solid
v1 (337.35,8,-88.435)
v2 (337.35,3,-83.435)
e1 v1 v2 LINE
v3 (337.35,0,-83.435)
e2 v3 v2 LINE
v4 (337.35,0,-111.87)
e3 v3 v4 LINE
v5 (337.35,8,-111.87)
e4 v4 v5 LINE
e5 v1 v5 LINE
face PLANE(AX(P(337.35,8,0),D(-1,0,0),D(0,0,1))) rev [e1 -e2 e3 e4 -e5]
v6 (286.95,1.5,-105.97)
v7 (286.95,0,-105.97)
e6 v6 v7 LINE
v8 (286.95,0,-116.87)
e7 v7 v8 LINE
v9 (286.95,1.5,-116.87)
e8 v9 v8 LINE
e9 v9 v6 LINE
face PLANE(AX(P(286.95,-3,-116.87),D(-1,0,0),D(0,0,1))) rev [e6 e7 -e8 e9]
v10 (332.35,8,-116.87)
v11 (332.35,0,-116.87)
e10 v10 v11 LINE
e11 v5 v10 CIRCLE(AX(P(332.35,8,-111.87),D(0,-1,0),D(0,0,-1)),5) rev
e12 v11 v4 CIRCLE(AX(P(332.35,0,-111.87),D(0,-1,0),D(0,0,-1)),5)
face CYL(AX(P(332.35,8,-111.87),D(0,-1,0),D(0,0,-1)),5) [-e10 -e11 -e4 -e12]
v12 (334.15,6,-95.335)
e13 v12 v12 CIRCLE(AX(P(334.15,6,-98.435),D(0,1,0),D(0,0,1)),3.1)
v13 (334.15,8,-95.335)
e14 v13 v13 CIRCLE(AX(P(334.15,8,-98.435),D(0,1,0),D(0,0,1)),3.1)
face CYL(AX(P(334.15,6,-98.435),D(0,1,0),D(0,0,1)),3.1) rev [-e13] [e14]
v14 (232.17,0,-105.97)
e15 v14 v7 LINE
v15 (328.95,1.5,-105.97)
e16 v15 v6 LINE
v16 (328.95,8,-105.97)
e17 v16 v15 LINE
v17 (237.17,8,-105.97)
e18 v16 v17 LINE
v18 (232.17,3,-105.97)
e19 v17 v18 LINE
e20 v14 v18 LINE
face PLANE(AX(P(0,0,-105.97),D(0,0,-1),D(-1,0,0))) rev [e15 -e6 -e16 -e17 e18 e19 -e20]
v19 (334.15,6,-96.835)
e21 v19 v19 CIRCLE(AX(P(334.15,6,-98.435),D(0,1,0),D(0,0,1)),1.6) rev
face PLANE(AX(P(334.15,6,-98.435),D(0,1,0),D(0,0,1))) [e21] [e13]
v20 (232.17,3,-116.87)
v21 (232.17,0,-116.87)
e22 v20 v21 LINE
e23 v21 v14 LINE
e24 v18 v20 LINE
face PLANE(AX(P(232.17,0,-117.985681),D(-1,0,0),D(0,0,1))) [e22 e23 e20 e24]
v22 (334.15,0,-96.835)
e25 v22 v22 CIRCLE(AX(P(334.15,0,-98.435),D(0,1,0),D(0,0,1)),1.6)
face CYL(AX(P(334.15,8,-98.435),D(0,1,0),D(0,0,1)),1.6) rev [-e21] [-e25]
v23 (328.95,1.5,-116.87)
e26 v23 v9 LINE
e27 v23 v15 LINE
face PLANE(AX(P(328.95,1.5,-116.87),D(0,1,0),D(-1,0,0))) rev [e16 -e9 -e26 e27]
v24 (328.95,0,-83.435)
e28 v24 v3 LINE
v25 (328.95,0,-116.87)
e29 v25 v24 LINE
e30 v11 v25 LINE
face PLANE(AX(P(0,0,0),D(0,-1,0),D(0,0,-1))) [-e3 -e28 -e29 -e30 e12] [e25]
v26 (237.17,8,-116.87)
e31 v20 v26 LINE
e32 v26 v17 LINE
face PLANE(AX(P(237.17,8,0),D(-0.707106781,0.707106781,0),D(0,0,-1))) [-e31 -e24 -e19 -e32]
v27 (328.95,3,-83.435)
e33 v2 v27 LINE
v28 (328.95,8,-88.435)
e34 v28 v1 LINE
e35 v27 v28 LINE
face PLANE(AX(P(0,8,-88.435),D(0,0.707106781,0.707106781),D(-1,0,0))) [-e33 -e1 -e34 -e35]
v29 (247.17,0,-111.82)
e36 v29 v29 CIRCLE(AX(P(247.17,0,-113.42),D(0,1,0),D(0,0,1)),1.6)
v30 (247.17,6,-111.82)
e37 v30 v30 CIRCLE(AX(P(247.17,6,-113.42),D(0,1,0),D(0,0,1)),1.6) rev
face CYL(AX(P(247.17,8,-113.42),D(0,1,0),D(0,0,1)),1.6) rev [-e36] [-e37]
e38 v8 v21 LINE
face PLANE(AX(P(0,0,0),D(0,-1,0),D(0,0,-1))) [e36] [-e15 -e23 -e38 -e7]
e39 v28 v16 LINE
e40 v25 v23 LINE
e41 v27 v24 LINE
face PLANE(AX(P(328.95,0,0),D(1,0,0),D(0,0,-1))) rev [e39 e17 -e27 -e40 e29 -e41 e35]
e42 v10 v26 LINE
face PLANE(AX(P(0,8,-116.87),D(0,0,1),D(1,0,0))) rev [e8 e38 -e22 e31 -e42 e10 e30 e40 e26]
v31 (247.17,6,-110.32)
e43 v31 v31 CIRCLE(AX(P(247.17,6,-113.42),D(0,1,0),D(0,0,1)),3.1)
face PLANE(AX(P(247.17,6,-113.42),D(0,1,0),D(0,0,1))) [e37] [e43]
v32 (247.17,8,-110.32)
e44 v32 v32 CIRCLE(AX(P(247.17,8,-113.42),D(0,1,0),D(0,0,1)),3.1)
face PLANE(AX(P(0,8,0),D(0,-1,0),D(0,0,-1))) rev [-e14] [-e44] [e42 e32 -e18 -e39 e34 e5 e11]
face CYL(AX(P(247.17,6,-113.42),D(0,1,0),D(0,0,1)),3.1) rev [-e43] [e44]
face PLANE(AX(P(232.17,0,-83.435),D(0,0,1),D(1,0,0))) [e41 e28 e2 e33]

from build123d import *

# Parameters (mm, degrees)
SKETCH_1_W              = 337.35
SKETCH_1_H              = 116.87
SKETCH_1_W_2            = 324.05
SKETCH_1_H_2            = 103.07
EXTRUDE_1_DEPTH         = 8
FILLET_1_R              = 5
HOLE_WIZARD_3_2_3_2_1_D = 3.2
SKETCH_5_W              = 32
SKETCH_5_H              = 1.5
CUT_EXTRUDE_1_DEPTH     = 355.911853
EXTRUDE_2_REACH         = 356.912
SKETCH_6_W              = 3
SKETCH_6_H              = 8
SKETCH_7_W              = 257.05
SKETCH_7_H              = 8
EXTRUDE_3_DEPTH         = 4
SKETCH_8_W              = 257.05
SKETCH_8_H              = 4
EXTRUDE_4_DEPTH         = 3
SKETCH_11_W             = 99.07
SKETCH_11_H             = 11
EXTRUDE_5_DEPTH         = 2
SKETCH_13_W             = 42
SKETCH_13_H             = 4.5
CUT_EXTRUDE_2_DEPTH     = 354.692894189
SKETCH_14_W             = 121.5
SKETCH_14_H             = 1.5
CUT_EXTRUDE_3_DEPTH     = 355.911853
SKETCH_16_W             = 32
SKETCH_16_H             = 6.5
EXTRUDE_7_DEPTH         = 4
SKETCH_17_W             = 103.07
SKETCH_17_H             = 3
CUT_EXTRUDE_4_DEPTH     = 0.1
EXTRUDE_8_DEPTH         = 2
SKETCH_19_W             = 70.55
SKETCH_19_H             = 2
SKETCH_19_W_2           = 95
EXTRUDE_9_DEPTH         = 3
SKETCH_20_R             = 3.5
CUT_EXTRUDE_5_DEPTH     = 4
SKETCH_21_R             = 3.1
CUT_EXTRUDE_6_DEPTH     = 2
EXTRUDE_10_DEPTH        = 2
EXTRUDE_10_DEPTH_BACK   = 3
SKETCH_22_W             = 6
SKETCH_22_H             = 6
SKETCH_22_R             = 1.5
SKETCH_23_W             = 10
SKETCH_23_H             = 1.5
SKETCH_23_W_2           = 15
CUT_EXTRUDE_7_DEPTH     = 6.9
SKETCH_24_W             = 103.07
SKETCH_24_H             = 3
CUT_EXTRUDE_8_DEPTH     = 358.110094229
SKETCH_25_W             = 466.496248886
SKETCH_25_H             = 203.631856069
SKETCH_25_W_2           = 113.515173444
SKETCH_25_H_2           = 34.550681359
CUT_EXTRUDE_9_DEPTH     = 358.110094229
CHAMFER_1_SIZE          = 5


with BuildPart() as part:
    # 草图1 → 凸台-拉伸1 (new body)
    with BuildSketch(Plane(origin=(0, 0, 0), x_dir=(1, 0, 0), z_dir=(0, 1, 0))):
        with Locations((168.675, 58.435)):
            Rectangle(SKETCH_1_W, SKETCH_1_H)
        with Locations((168.925, 58.435)):
            Rectangle(SKETCH_1_W_2, SKETCH_1_H_2, mode=Mode.SUBTRACT)
    extrude(amount=EXTRUDE_1_DEPTH)

    # 圆角1
    fillet_1_edges = [part.edges().sort_by_distance(p)[0] for p in [
        (0, 4, -116.87),
        (337.35, 4, -116.87),
        (337.35, 4, 0),
        (0, 4, 0),
    ]]
    fillet(fillet_1_edges, radius=FILLET_1_R)

    # Ø3.2 (3.2) 直径孔1 (through all)
    with Locations(Plane(origin=(0, 8, 0), x_dir=(1, 0, 0), z_dir=(0, 1, 0))):
        with Locations((3.45, 98.435), (87.17, 113.42), (247.17, 113.42), (334.15, 98.435), (334.15, 18.435), (247.17, 3.45), (87.17, 3.45), (3.45, 18.435)):
            Hole(HOLE_WIZARD_3_2_3_2_1_D / 2)

    # 草图5 → 切除-拉伸1 (cut, through all)
    with BuildSketch(Plane.XY.offset(-109.97)):
        with Locations((57.9, 0.75)):
            Rectangle(SKETCH_5_W, SKETCH_5_H)
    extrude(amount=-CUT_EXTRUDE_1_DEPTH, mode=Mode.SUBTRACT)

    # 草图6 → 凸台-拉伸2 (add, up to next)
    with BuildSketch(Plane.XY.offset(-109.97), mode=Mode.PRIVATE) as extrude_2_sk1:
        with Locations((40.4, 4)):
            Rectangle(SKETCH_6_W, SKETCH_6_H)
    extrude_2_tool1 = extrude(extrude_2_sk1.sketch, amount=EXTRUDE_2_REACH, mode=Mode.PRIVATE) - part.part
    add(extrude_2_tool1.solids().sort_by_distance((40.4, 4, -109.97))[0])

    # 草图7 → 凸台-拉伸3 (add)
    with BuildSketch(Plane.XY.offset(-109.97)):
        with Locations((202.425, 4)):
            Rectangle(SKETCH_7_W, SKETCH_7_H)
    extrude(amount=EXTRUDE_3_DEPTH)

    # 草图8 → 凸台-拉伸4 (add)
    with BuildSketch(Plane.XZ):
        with Locations((202.425, -107.97)):
            Rectangle(SKETCH_8_W, SKETCH_8_H)
    extrude(amount=EXTRUDE_4_DEPTH)

    # 草图11 → 凸台-拉伸5 (add)
    with BuildSketch(Plane.ZY.offset(-330.95)):
        with Locations((-56.435, 2.5)):
            Rectangle(SKETCH_11_W, SKETCH_11_H)
    extrude(amount=EXTRUDE_5_DEPTH)

    # 草图13 → 切除-拉伸2 (cut, through all)
    with BuildSketch(Plane.XY.offset(-105.97)):
        with Locations((307.95, -0.75)):
            Rectangle(SKETCH_13_W, SKETCH_13_H)
    extrude(amount=-CUT_EXTRUDE_2_DEPTH, mode=Mode.SUBTRACT)

    # 草图14 → 切除-拉伸3 (cut, through all)
    with BuildSketch(Plane(origin=(0, 0, -6.9), x_dir=(-1, 0, 0), z_dir=(0, 0, -1))):
        with Locations((-173.2, 0.75)):
            Rectangle(SKETCH_14_W, SKETCH_14_H)
    extrude(amount=-CUT_EXTRUDE_3_DEPTH, mode=Mode.SUBTRACT)

    # 草图16 → 凸台-拉伸7 (add)
    with BuildSketch(Plane.XY.offset(-109.97)):
        with Locations((57.9, 4.75)):
            Rectangle(SKETCH_16_W, SKETCH_16_H)
    extrude(amount=EXTRUDE_7_DEPTH)

    # 草图17 → 切除-拉伸4 (cut)
    with BuildSketch(Plane(origin=(330.95, 0, 0), x_dir=(0, 0, -1), z_dir=(1, 0, 0))):
        with Locations((58.435, -1.5)):
            Rectangle(SKETCH_17_W, SKETCH_17_H)
    extrude(amount=-CUT_EXTRUDE_4_DEPTH, mode=Mode.SUBTRACT)

    # 草图18 → 凸台-拉伸8 (add)
    with BuildSketch(Plane(origin=(0, 0, -6.9), x_dir=(-1, 0, 0), z_dir=(0, 0, -1))):
        Polygon((-233.95, 0), (-233.95, 1.5), (-112.45, 1.5), (-112.45, 0), (-41.9, 0), (-41.9, 8), (-328.95, 8), (-328.95, 0), align=None)
    extrude(amount=EXTRUDE_8_DEPTH)

    # 草图19 → 凸台-拉伸9 (add)
    with BuildSketch(Plane.XZ):
        with Locations((77.175, -7.9)):
            Rectangle(SKETCH_19_W, SKETCH_19_H)
        with Locations((281.45, -7.9)):
            Rectangle(SKETCH_19_W_2, SKETCH_19_H)
    extrude(amount=EXTRUDE_9_DEPTH)

    # 草图20 → 切除-拉伸5 (cut)
    with BuildSketch(Plane.XZ.offset(3)):
        with Locations((92.088456012, -9.54)):
            Circle(SKETCH_20_R)
        with Locations((262.268456012, -9.54)):
            Circle(SKETCH_20_R)
        with Locations((328.308456012, -13.35)):
            Circle(SKETCH_20_R)
        with Locations((328.308456012, -74.31)):
            Circle(SKETCH_20_R)
        with Locations((137.808456012, -107.33)):
            Circle(SKETCH_20_R)
        with Locations((22.238456012, -9.54)):
            Circle(SKETCH_20_R)
        with Locations((9.538456012, -23.51)):
            Circle(SKETCH_20_R)
        with Locations((9.538456012, -103.52)):
            Circle(SKETCH_20_R)
    extrude(amount=-CUT_EXTRUDE_5_DEPTH, mode=Mode.SUBTRACT)

    # 草图21 → 切除-拉伸6 (cut)
    with BuildSketch(Plane(origin=(0, 8, 0), x_dir=(1, 0, 0), z_dir=(0, 1, 0))):
        with Locations(Location((87.17, 113.42, 0), (0, 0, 270))):
            Circle(SKETCH_21_R)
        with Locations(Location((247.17, 113.42, 0), (0, 0, 270))):
            Circle(SKETCH_21_R)
        with Locations(Location((334.15, 98.435, 0), (0, 0, 270))):
            Circle(SKETCH_21_R)
        with Locations(Location((334.15, 18.435, 0), (0, 0, 270))):
            Circle(SKETCH_21_R)
        with Locations(Location((247.17, 3.45, 0), (0, 0, 270))):
            Circle(SKETCH_21_R)
        with Locations(Location((87.17, 3.45, 0), (0, 0, 270))):
            Circle(SKETCH_21_R)
        with Locations(Location((3.45, 18.435, 0), (0, 0, 270))):
            Circle(SKETCH_21_R)
        with Locations(Location((3.45, 98.435, 0), (0, 0, 270))):
            Circle(SKETCH_21_R)
    extrude(amount=-CUT_EXTRUDE_6_DEPTH, mode=Mode.SUBTRACT)

    # 草图22 → 凸台-拉伸10 (add, two sides: drawn at the far end of the back side and taken through both)
    # profile 1 of 4: a face of its own
    with BuildSketch(Plane(origin=(0, 4, 0), x_dir=(1, 0, 0), z_dir=(0, 1, 0)).offset(-EXTRUDE_10_DEPTH_BACK)):
        with Locations((9.9, 106.97)):
            Rectangle(SKETCH_22_W, SKETCH_22_H)
        with Locations(Location((9.9, 106.97, 0), (0, 0, 90))):
            Circle(SKETCH_22_R, mode=Mode.SUBTRACT)
    # profile 2 of 4: a face of its own
    with BuildSketch(Plane(origin=(0, 4, 0), x_dir=(1, 0, 0), z_dir=(0, 1, 0)).offset(-EXTRUDE_10_DEPTH_BACK)):
        with Locations((35.9, 106.97)):
            Rectangle(SKETCH_22_W, SKETCH_22_H)
        with Locations(Location((35.9, 106.97, 0), (0, 0, 90))):
            Circle(SKETCH_22_R, mode=Mode.SUBTRACT)
    # profile 3 of 4: a face of its own
    with BuildSketch(Plane(origin=(0, 4, 0), x_dir=(1, 0, 0), z_dir=(0, 1, 0)).offset(-EXTRUDE_10_DEPTH_BACK)):
        with Locations((9.9, 9.9)):
            Rectangle(SKETCH_22_W, SKETCH_22_H)
        with Locations(Location((9.9, 9.9, 0), (0, 0, 90))):
            Circle(SKETCH_22_R, mode=Mode.SUBTRACT)
    # profile 4 of 4: a face of its own
    with BuildSketch(Plane(origin=(0, 4, 0), x_dir=(1, 0, 0), z_dir=(0, 1, 0)).offset(-EXTRUDE_10_DEPTH_BACK)):
        with Locations((35.9, 9.9)):
            Rectangle(SKETCH_22_W, SKETCH_22_H)
        with Locations(Location((35.9, 9.9, 0), (0, 0, 90))):
            Circle(SKETCH_22_R, mode=Mode.SUBTRACT)
    extrude(amount=EXTRUDE_10_DEPTH + EXTRUDE_10_DEPTH_BACK)

    # 草图23 → 切除-拉伸7 (cut)
    with BuildSketch(Plane.ZY):
        with Locations((-63.435, 0.75)):
            Rectangle(SKETCH_23_W, SKETCH_23_H)
        with Locations((-50.935, 0.75)):
            Rectangle(SKETCH_23_W_2, SKETCH_23_H)
    extrude(amount=-CUT_EXTRUDE_7_DEPTH, mode=Mode.SUBTRACT)

    # 草图24 → 切除-拉伸8 (cut, through all)
    with BuildSketch(Plane(origin=(337.35, 0, 0), x_dir=(0, 0, -1), z_dir=(1, 0, 0))):
        with Locations((58.435, -1.5)):
            Rectangle(SKETCH_24_W, SKETCH_24_H)
    extrude(amount=-CUT_EXTRUDE_8_DEPTH, mode=Mode.SUBTRACT)

    # 草图25 → 切除-拉伸9 (cut, through all)
    with BuildSketch(Plane(origin=(0, 8, 0), x_dir=(1, 0, 0), z_dir=(0, 1, 0))):
        with Locations((204.544170856, 58.459603301)):
            Rectangle(SKETCH_25_W, SKETCH_25_H)
        with Locations((288.927586722, 100.71034068)):
            Rectangle(SKETCH_25_W_2, SKETCH_25_H_2, mode=Mode.SUBTRACT)
    extrude(amount=-CUT_EXTRUDE_9_DEPTH, mode=Mode.SUBTRACT)

    # 倒角1
    chamfer_1_edges = [part.edges().sort_by_distance(p)[0] for p in [
        (333.15, 8, -83.435),
        (232.17, 8, -111.42),
    ]]
    chamfer(chamfer_1_edges, length=CHAMFER_1_SIZE)


solid = part.part
